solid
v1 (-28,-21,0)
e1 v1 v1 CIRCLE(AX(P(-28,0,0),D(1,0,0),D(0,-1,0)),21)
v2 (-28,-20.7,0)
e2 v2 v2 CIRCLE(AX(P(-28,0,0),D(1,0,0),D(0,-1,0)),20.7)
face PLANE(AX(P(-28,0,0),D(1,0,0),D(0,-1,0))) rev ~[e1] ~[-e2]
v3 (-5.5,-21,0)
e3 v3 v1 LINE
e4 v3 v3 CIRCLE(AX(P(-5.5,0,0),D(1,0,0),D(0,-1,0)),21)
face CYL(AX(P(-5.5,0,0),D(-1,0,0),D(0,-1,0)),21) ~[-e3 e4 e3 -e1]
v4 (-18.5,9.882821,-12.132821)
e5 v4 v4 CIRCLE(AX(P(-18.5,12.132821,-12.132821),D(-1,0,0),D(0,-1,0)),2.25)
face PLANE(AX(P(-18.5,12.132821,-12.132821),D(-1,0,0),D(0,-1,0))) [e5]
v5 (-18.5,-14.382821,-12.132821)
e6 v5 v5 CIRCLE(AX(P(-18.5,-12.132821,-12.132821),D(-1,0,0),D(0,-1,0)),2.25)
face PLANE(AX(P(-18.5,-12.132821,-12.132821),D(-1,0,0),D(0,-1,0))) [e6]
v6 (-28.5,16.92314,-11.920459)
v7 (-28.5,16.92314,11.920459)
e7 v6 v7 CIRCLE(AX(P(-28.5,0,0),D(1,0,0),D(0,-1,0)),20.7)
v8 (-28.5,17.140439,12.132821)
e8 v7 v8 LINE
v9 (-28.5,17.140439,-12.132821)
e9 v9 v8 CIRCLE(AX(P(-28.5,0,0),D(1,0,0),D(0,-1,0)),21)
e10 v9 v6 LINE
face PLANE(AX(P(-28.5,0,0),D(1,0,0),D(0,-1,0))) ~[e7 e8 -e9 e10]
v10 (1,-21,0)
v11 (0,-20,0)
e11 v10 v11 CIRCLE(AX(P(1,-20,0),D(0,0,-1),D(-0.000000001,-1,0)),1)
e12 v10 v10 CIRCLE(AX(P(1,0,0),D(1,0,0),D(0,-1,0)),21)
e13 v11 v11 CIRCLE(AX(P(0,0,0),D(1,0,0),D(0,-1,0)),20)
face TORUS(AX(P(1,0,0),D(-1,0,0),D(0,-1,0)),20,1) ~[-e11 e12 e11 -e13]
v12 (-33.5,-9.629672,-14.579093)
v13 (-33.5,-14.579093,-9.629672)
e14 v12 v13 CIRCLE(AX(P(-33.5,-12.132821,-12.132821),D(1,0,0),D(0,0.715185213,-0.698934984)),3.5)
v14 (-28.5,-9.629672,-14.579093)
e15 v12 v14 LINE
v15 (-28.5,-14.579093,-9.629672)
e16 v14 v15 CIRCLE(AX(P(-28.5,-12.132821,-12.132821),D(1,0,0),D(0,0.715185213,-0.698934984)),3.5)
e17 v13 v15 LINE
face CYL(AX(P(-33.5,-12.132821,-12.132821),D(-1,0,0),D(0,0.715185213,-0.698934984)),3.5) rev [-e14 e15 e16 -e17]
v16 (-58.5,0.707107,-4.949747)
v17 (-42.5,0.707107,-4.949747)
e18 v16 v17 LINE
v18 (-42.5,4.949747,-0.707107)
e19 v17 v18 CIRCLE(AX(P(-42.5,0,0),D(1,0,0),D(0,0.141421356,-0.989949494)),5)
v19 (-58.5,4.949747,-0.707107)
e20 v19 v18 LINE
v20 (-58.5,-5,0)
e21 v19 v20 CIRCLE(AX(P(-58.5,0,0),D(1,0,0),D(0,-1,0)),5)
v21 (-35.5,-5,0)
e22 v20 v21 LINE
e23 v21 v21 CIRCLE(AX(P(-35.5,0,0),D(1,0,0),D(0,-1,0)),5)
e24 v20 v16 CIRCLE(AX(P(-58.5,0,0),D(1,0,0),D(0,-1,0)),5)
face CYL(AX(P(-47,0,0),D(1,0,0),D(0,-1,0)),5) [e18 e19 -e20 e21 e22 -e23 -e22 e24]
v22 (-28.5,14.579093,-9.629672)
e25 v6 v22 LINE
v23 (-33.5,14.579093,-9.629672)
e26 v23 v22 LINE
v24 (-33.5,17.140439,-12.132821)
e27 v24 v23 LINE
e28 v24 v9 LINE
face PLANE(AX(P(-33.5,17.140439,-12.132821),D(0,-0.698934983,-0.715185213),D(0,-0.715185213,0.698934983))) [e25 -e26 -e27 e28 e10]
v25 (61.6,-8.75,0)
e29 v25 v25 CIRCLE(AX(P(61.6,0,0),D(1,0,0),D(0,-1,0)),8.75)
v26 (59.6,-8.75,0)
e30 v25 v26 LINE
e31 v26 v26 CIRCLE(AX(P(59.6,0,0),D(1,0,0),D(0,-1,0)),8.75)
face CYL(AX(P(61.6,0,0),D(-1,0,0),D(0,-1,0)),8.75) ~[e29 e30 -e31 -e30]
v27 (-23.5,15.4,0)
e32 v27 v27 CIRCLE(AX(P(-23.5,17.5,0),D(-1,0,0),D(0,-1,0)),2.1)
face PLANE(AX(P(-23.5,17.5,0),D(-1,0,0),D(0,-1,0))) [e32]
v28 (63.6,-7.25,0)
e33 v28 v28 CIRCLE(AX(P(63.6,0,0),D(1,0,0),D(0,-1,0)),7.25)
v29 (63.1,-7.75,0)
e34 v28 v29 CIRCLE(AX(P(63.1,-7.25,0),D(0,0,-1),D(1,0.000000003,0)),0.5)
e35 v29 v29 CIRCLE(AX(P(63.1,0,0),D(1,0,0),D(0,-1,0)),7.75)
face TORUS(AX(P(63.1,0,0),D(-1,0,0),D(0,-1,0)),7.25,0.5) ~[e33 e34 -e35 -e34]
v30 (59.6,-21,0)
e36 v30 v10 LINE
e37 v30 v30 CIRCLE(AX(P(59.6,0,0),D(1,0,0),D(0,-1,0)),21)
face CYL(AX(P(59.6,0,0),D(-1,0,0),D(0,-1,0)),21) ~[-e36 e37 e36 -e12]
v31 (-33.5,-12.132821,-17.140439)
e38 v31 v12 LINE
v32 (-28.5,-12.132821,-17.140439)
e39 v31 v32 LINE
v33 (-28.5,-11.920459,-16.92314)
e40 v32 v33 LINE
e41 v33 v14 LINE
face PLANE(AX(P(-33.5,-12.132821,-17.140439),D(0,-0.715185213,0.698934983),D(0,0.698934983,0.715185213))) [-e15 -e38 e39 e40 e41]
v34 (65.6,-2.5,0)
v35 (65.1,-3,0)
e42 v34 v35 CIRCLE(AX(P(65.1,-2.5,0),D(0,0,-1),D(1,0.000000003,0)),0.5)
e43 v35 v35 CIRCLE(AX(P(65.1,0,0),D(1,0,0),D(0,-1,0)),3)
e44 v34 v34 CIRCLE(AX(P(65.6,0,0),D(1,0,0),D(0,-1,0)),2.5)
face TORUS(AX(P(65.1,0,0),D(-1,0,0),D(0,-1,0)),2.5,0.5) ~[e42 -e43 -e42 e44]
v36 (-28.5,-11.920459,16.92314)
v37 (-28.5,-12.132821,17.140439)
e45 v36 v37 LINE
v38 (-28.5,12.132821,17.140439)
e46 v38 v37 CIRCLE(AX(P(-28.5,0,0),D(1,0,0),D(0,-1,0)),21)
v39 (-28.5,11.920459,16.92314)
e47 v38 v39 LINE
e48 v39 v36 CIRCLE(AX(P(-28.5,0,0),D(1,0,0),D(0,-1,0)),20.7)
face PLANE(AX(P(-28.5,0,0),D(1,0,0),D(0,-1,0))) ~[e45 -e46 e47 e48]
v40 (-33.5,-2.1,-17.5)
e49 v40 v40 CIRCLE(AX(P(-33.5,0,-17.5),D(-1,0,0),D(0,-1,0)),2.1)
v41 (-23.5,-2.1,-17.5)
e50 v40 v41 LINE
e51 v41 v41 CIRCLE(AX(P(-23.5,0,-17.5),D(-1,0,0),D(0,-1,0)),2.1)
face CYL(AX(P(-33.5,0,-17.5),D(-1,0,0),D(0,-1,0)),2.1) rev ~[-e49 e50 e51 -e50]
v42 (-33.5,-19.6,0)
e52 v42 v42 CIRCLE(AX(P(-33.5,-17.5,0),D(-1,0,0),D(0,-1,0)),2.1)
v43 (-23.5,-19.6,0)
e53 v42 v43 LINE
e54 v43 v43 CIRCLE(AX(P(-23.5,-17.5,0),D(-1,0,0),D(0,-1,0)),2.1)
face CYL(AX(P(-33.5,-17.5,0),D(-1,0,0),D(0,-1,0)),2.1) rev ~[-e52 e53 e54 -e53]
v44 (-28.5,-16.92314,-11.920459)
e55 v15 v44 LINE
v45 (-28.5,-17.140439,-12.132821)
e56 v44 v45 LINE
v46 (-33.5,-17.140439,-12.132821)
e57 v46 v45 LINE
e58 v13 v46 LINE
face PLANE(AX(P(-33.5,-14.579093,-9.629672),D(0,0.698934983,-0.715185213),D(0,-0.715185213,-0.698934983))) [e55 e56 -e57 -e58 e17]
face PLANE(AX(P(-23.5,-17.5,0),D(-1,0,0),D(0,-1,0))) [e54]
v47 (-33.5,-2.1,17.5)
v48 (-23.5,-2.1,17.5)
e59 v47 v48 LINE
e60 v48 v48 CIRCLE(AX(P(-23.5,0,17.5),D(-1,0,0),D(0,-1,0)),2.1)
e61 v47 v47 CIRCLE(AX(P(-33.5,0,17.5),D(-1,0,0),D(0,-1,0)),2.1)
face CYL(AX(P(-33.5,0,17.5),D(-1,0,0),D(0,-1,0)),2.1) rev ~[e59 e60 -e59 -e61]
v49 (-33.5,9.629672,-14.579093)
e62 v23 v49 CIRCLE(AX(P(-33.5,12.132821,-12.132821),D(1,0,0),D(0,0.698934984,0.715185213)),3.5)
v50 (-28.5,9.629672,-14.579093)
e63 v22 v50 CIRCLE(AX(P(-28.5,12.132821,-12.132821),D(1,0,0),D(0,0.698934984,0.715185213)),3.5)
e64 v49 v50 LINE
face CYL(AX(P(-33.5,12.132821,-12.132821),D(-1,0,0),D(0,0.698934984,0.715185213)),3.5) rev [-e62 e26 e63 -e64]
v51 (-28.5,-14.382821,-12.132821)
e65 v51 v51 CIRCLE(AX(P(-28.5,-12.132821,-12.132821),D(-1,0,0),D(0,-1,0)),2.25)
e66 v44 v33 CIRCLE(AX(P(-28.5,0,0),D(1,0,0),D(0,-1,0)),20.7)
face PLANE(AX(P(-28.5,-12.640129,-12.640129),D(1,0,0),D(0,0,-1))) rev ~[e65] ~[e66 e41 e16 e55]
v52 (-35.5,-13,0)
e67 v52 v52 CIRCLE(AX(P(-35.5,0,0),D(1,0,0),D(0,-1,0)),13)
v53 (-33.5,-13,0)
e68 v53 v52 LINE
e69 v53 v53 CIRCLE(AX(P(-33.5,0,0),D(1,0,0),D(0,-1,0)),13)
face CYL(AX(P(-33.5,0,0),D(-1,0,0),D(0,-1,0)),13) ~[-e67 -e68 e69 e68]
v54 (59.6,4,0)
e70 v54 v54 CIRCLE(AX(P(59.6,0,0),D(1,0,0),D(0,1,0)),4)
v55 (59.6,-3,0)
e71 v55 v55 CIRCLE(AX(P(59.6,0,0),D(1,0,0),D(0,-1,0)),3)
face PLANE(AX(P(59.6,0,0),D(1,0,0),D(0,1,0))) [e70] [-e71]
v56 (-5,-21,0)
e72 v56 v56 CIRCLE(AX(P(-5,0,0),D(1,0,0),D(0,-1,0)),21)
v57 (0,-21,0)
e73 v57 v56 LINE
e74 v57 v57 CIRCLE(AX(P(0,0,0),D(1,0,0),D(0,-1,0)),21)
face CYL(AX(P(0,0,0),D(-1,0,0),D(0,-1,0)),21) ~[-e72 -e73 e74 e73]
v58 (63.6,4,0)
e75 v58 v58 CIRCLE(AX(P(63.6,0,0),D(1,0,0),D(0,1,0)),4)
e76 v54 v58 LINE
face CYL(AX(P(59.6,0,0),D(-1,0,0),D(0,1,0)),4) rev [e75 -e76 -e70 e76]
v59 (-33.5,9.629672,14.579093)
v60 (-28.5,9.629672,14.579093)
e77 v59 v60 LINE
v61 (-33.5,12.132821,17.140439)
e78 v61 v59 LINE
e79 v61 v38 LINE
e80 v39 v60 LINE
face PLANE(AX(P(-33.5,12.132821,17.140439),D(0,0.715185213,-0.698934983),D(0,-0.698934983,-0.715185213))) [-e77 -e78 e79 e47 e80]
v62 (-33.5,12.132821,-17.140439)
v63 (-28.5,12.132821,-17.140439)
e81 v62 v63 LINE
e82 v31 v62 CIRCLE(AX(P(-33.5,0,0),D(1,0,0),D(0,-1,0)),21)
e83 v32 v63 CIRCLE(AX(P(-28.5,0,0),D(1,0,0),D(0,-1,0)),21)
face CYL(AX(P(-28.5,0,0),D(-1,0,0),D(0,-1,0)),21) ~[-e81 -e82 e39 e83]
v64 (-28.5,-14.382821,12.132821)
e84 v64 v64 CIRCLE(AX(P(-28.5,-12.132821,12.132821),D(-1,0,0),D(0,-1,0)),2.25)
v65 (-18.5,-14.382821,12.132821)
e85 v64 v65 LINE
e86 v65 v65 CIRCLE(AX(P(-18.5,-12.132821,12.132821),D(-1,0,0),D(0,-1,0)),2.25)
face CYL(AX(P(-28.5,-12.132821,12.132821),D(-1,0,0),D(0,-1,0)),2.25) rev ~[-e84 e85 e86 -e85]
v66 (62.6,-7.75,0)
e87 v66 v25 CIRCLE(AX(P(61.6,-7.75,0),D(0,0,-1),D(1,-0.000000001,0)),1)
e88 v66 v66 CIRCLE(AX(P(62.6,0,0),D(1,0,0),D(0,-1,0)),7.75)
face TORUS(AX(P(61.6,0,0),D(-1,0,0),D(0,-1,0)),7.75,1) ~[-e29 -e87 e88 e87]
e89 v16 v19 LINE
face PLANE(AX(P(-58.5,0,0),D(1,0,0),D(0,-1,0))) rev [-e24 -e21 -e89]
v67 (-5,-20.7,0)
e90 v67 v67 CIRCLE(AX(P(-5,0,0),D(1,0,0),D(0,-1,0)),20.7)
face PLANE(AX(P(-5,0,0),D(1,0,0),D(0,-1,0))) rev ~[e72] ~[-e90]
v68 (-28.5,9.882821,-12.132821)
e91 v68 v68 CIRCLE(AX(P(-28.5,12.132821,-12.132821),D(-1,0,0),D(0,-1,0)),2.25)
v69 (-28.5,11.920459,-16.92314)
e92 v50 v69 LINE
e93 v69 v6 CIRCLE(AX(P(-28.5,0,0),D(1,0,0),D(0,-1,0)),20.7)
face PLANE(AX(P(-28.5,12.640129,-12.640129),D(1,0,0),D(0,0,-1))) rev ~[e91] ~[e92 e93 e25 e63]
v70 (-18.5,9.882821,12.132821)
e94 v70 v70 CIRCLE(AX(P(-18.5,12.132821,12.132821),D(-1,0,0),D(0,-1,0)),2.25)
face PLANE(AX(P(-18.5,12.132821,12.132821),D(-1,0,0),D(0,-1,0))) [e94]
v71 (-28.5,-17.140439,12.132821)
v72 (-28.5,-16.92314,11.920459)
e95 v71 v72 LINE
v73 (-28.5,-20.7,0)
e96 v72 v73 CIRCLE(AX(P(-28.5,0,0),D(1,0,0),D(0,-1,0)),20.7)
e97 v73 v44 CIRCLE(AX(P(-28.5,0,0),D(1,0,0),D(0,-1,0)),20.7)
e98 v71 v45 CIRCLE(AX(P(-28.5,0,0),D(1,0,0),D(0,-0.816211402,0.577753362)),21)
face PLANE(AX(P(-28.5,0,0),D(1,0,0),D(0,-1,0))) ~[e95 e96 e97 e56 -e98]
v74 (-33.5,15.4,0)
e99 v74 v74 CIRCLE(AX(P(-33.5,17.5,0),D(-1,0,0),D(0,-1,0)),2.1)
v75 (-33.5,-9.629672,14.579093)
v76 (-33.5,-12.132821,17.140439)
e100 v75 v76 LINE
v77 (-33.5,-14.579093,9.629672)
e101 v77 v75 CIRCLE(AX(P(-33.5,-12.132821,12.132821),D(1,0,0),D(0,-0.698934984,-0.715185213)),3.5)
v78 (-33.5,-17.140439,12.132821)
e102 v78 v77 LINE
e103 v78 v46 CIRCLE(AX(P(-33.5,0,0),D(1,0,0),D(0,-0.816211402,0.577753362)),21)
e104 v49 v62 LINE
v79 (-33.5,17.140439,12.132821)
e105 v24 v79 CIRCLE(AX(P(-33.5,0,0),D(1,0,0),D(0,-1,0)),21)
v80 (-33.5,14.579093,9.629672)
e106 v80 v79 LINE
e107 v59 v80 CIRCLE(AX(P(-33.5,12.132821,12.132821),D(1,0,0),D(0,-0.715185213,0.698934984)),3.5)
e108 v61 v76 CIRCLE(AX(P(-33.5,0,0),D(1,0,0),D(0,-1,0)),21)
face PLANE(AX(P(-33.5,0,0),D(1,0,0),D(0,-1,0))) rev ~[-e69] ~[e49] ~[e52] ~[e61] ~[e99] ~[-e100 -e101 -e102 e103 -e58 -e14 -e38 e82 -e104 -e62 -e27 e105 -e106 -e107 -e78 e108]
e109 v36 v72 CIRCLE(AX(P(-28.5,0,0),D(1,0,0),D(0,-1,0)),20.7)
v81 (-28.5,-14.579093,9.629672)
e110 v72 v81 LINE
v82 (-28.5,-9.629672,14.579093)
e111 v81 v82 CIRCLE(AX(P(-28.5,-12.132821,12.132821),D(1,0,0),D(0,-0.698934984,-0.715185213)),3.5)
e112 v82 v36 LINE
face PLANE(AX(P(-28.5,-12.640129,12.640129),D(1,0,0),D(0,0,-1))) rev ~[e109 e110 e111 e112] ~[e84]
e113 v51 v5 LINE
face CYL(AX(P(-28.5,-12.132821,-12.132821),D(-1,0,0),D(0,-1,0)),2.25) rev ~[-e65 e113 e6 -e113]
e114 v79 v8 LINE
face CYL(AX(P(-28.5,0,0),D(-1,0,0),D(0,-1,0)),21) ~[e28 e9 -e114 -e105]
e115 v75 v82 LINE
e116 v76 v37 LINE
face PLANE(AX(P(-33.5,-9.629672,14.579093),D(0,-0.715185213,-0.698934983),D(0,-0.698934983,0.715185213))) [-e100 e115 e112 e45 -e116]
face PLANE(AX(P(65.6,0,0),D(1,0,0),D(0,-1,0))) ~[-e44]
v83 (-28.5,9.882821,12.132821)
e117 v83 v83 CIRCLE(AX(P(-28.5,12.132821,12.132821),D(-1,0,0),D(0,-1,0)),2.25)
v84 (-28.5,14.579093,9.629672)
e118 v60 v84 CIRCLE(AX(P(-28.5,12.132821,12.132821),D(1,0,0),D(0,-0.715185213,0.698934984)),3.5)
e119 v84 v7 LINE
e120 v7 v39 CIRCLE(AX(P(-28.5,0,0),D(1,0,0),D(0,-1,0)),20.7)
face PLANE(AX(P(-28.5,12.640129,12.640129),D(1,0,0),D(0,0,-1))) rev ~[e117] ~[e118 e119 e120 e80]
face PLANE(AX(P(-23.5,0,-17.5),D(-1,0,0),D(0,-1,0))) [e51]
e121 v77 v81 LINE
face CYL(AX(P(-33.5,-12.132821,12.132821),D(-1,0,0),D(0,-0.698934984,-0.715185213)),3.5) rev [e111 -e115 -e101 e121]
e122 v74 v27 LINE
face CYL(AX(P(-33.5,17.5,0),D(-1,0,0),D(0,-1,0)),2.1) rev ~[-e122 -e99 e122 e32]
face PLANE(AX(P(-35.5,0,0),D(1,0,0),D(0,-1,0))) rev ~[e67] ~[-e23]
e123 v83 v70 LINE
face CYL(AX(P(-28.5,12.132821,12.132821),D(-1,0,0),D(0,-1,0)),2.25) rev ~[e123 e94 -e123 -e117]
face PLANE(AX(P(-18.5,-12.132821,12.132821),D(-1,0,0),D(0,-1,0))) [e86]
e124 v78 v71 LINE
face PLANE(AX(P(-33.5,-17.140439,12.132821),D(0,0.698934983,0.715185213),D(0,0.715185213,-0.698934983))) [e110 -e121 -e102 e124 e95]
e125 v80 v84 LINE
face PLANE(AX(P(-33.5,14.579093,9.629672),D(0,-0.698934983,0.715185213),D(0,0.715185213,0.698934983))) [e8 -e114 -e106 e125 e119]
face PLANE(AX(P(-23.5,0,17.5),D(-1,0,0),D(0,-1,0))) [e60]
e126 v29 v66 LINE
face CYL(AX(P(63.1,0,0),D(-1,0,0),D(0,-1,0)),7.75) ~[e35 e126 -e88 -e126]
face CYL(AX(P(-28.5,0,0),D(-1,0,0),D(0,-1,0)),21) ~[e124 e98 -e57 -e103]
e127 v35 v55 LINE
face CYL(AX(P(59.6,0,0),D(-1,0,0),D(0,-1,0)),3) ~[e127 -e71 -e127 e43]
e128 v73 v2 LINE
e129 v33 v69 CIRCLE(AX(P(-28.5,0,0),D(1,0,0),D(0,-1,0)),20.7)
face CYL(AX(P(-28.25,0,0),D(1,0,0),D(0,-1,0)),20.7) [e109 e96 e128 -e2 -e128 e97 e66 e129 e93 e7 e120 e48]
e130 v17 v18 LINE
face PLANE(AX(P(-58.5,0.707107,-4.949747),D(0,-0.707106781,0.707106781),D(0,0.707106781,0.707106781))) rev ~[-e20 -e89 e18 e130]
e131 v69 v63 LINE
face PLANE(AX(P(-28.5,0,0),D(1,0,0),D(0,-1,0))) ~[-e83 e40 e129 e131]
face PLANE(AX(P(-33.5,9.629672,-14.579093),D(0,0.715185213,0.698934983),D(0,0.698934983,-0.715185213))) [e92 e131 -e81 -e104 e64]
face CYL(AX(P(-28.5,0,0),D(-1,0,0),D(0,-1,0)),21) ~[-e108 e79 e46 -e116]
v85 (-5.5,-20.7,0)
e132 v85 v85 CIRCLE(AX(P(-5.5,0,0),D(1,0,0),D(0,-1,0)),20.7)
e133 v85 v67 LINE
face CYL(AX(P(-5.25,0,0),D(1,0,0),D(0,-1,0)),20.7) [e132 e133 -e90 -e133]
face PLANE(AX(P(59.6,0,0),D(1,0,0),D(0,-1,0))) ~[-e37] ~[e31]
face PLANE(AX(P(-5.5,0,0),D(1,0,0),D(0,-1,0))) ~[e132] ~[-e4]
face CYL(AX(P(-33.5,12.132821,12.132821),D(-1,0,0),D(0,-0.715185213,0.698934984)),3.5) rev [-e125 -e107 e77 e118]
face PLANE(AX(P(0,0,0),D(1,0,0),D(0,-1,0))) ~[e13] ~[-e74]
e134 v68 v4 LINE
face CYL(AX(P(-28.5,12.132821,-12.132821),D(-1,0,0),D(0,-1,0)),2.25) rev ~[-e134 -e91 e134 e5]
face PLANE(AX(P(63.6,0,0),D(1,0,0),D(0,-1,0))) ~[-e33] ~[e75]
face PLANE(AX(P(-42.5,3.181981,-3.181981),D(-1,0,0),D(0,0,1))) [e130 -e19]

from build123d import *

# Parameters (mm, degrees)
SKETCH1_W               = 0.5
SKETCH1_H               = 20.7
SKETCH1_W_2             = 23
SKETCH1_H_2             = 5
SKETCH2_R               = 2.1
CUT_EXTRUDE1_DEPTH      = 10
CUT_EXTRUDE2_DEPTH      = 16
CUT_EXTRUDE3_DEPTH      = 5
SKETCH14_R              = 2.25
CUT_EXTRUDE4_DEPTH      = 10
ENL_V_START             = -4
ESQUISSE4_R             = 4
ESQUISSE4_R_2           = 3
ENL_V_MAT_EXTRU_1_DEPTH = 4


with BuildPart() as part:
    # Sketch1 → Revolve3 (revolve)
    with BuildSketch(Plane.XY, mode=Mode.PRIVATE) as revolve3_sk:
        with BuildLine():
            Line((0, 20), (0, 0))
            Line((0, 0), (59.6, 0))
            Line((59.6, 0), (59.6, 8.75))
            Line((59.6, 8.75), (59.6, 21))
            Line((59.6, 21), (1, 21))
            ThreePointArc((1, 21), (0.292893219, 20.707106781), (0, 20))
        make_face()
        Polygon((-5, 0), (0, 0), (0, 20), (0, 21), (-5, 21), (-5, 20.7), align=None)
        with BuildLine():
            Line((59.6, 8.75), (59.6, 0))
            Line((59.6, 0), (62.6, 0))
            Line((62.6, 0), (62.6, 7.75))
            ThreePointArc((62.6, 7.75), (62.307106781, 8.457106781), (61.6, 8.75))
            Line((61.6, 8.75), (59.6, 8.75))
        make_face()
        with Locations((-5.25, 10.35)):
            Rectangle(SKETCH1_W, SKETCH1_H)
        with BuildLine():
            Line((62.6, 7.75), (62.6, 0))
            Line((62.6, 0), (63.6, 0))
            Line((63.6, 0), (63.6, 3))
            Line((63.6, 3), (63.6, 7.25))
            ThreePointArc((63.6, 7.25), (63.453553391, 7.603553391), (63.1, 7.75))
            Line((63.1, 7.75), (62.6, 7.75))
        make_face()
        Polygon((-28, 0), (-5.5, 0), (-5.5, 20.7), (-5.5, 21), (-28, 21), (-28, 20.7), align=None)
        with BuildLine():
            Line((63.6, 3), (63.6, 0))
            Line((63.6, 0), (65.6, 0))
            Line((65.6, 0), (65.6, 2.5))
            ThreePointArc((65.6, 2.5), (65.453553391, 2.853553391), (65.1, 3))
            Line((65.1, 3), (63.6, 3))
        make_face()
        with Locations((-28.25, 10.35)):
            Rectangle(SKETCH1_W, SKETCH1_H)
        Polygon((-33.5, 0), (-28.5, 0), (-28.5, 20.7), (-28.5, 21), (-33.5, 21), (-33.5, 13), align=None)
        Polygon((-35.5, 0), (-33.5, 0), (-33.5, 13), (-35.5, 13), (-35.5, 5), align=None)
        with Locations((-47, 2.5)):
            Rectangle(SKETCH1_W_2, SKETCH1_H_2)
    revolve(revolve3_sk.sketch.rotate(Axis((-106.294937031, 0, 0), (1, 0, 0)), 180), axis=Axis((-106.294937031, 0, 0), (1, 0, 0)))

    # Sketch2 → Cut-Extrude1 (cut)
    with BuildSketch(Plane.ZY.offset(33.5)):
        with Locations(Location((0, 17.5, 0), (0, 0, 270))):
            Circle(SKETCH2_R)
        with Locations(Location((17.5, 0, 0), (0, 0, 270))):
            Circle(SKETCH2_R)
        with Locations(Location((0, -17.5, 0), (0, 0, 270))):
            Circle(SKETCH2_R)
        with Locations(Location((-17.5, 0, 0), (0, 0, 270))):
            Circle(SKETCH2_R)
    extrude(amount=-CUT_EXTRUDE1_DEPTH, mode=Mode.SUBTRACT)

    # Sketch5 → Cut-Extrude2 (cut)
    with BuildSketch(Plane.ZY.offset(58.5)):
        Polygon((-4.949747468, 0.707106781), (-0.707106781, 4.949747468), (-1.414213562, 5.656854249), (-5.656854249, 1.414213562), align=None)
    extrude(amount=-CUT_EXTRUDE2_DEPTH, mode=Mode.SUBTRACT)

    # Sketch12 → Cut-Extrude3 (cut)
    with BuildSketch(Plane.ZY.offset(33.5)):
        with BuildLine():
            Line((9.629672349, 14.579093037), (12.132820594, 17.140439447))
            ThreePointArc((12.132820594, 17.140439447), (14.849242405, 14.849242405), (17.140439447, 12.132820594))
            Line((17.140439447, 12.132820594), (14.579093037, 9.629672349))
            ThreePointArc((14.579093037, 9.629672349), (9.65794686, 9.65794686), (9.629672349, 14.579093037))
        make_face()
        with BuildLine():
            Line((14.579093037, -9.629672349), (17.140439447, -12.132820594))
            ThreePointArc((17.140439447, -12.132820594), (14.849242405, -14.849242405), (12.132820594, -17.140439447))
            Line((12.132820594, -17.140439447), (9.629672349, -14.579093037))
            ThreePointArc((9.629672349, -14.579093037), (9.65794686, -9.65794686), (14.579093037, -9.629672349))
        make_face()
        with BuildLine():
            Line((-9.629672349, -14.579093037), (-12.132820594, -17.140439447))
            ThreePointArc((-12.132820594, -17.140439447), (-14.849242405, -14.849242405), (-17.140439447, -12.132820594))
            Line((-17.140439447, -12.132820594), (-14.579093037, -9.629672349))
            ThreePointArc((-14.579093037, -9.629672349), (-9.65794686, -9.65794686), (-9.629672349, -14.579093037))
        make_face()
        with BuildLine():
            Line((-14.579093037, 9.629672349), (-17.140439447, 12.132820594))
            ThreePointArc((-17.140439447, 12.132820594), (-14.849242405, 14.849242405), (-12.132820594, 17.140439447))
            Line((-12.132820594, 17.140439447), (-9.629672349, 14.579093037))
            ThreePointArc((-9.629672349, 14.579093037), (-9.65794686, 9.65794686), (-14.579093037, 9.629672349))
        make_face()
    extrude(amount=-CUT_EXTRUDE3_DEPTH, mode=Mode.SUBTRACT)

    # Sketch14 → Cut-Extrude4 (cut)
    with BuildSketch(Plane.ZY.offset(28.5)):
        with Locations(Location((12.132820594, 12.132820594, 0), (0, 0, 270))):
            Circle(SKETCH14_R)
        with Locations(Location((12.132820594, -12.132820594, 0), (0, 0, 270))):
            Circle(SKETCH14_R)
        with Locations(Location((-12.132820594, -12.132820594, 0), (0, 0, 270))):
            Circle(SKETCH14_R)
        with Locations(Location((-12.132820594, 12.132820594, 0), (0, 0, 270))):
            Circle(SKETCH14_R)
    extrude(amount=-CUT_EXTRUDE4_DEPTH, mode=Mode.SUBTRACT)

    # Esquisse4 → Enlèv. mat.-Extru.1 (cut)
    with BuildSketch(Plane(origin=(63.6, 0, 0), x_dir=(0, 0, -1), z_dir=(1, 0, 0)).offset(ENL_V_START)):
        with Locations(Location((0, 0, 0), (0, 0, 90))):
            Circle(ESQUISSE4_R)
        with Locations(Location((0, 0, 0), (0, 0, 270))):
            Circle(ESQUISSE4_R_2, mode=Mode.SUBTRACT)
    extrude(amount=ENL_V_MAT_EXTRU_1_DEPTH, mode=Mode.SUBTRACT)


solid = part.part
